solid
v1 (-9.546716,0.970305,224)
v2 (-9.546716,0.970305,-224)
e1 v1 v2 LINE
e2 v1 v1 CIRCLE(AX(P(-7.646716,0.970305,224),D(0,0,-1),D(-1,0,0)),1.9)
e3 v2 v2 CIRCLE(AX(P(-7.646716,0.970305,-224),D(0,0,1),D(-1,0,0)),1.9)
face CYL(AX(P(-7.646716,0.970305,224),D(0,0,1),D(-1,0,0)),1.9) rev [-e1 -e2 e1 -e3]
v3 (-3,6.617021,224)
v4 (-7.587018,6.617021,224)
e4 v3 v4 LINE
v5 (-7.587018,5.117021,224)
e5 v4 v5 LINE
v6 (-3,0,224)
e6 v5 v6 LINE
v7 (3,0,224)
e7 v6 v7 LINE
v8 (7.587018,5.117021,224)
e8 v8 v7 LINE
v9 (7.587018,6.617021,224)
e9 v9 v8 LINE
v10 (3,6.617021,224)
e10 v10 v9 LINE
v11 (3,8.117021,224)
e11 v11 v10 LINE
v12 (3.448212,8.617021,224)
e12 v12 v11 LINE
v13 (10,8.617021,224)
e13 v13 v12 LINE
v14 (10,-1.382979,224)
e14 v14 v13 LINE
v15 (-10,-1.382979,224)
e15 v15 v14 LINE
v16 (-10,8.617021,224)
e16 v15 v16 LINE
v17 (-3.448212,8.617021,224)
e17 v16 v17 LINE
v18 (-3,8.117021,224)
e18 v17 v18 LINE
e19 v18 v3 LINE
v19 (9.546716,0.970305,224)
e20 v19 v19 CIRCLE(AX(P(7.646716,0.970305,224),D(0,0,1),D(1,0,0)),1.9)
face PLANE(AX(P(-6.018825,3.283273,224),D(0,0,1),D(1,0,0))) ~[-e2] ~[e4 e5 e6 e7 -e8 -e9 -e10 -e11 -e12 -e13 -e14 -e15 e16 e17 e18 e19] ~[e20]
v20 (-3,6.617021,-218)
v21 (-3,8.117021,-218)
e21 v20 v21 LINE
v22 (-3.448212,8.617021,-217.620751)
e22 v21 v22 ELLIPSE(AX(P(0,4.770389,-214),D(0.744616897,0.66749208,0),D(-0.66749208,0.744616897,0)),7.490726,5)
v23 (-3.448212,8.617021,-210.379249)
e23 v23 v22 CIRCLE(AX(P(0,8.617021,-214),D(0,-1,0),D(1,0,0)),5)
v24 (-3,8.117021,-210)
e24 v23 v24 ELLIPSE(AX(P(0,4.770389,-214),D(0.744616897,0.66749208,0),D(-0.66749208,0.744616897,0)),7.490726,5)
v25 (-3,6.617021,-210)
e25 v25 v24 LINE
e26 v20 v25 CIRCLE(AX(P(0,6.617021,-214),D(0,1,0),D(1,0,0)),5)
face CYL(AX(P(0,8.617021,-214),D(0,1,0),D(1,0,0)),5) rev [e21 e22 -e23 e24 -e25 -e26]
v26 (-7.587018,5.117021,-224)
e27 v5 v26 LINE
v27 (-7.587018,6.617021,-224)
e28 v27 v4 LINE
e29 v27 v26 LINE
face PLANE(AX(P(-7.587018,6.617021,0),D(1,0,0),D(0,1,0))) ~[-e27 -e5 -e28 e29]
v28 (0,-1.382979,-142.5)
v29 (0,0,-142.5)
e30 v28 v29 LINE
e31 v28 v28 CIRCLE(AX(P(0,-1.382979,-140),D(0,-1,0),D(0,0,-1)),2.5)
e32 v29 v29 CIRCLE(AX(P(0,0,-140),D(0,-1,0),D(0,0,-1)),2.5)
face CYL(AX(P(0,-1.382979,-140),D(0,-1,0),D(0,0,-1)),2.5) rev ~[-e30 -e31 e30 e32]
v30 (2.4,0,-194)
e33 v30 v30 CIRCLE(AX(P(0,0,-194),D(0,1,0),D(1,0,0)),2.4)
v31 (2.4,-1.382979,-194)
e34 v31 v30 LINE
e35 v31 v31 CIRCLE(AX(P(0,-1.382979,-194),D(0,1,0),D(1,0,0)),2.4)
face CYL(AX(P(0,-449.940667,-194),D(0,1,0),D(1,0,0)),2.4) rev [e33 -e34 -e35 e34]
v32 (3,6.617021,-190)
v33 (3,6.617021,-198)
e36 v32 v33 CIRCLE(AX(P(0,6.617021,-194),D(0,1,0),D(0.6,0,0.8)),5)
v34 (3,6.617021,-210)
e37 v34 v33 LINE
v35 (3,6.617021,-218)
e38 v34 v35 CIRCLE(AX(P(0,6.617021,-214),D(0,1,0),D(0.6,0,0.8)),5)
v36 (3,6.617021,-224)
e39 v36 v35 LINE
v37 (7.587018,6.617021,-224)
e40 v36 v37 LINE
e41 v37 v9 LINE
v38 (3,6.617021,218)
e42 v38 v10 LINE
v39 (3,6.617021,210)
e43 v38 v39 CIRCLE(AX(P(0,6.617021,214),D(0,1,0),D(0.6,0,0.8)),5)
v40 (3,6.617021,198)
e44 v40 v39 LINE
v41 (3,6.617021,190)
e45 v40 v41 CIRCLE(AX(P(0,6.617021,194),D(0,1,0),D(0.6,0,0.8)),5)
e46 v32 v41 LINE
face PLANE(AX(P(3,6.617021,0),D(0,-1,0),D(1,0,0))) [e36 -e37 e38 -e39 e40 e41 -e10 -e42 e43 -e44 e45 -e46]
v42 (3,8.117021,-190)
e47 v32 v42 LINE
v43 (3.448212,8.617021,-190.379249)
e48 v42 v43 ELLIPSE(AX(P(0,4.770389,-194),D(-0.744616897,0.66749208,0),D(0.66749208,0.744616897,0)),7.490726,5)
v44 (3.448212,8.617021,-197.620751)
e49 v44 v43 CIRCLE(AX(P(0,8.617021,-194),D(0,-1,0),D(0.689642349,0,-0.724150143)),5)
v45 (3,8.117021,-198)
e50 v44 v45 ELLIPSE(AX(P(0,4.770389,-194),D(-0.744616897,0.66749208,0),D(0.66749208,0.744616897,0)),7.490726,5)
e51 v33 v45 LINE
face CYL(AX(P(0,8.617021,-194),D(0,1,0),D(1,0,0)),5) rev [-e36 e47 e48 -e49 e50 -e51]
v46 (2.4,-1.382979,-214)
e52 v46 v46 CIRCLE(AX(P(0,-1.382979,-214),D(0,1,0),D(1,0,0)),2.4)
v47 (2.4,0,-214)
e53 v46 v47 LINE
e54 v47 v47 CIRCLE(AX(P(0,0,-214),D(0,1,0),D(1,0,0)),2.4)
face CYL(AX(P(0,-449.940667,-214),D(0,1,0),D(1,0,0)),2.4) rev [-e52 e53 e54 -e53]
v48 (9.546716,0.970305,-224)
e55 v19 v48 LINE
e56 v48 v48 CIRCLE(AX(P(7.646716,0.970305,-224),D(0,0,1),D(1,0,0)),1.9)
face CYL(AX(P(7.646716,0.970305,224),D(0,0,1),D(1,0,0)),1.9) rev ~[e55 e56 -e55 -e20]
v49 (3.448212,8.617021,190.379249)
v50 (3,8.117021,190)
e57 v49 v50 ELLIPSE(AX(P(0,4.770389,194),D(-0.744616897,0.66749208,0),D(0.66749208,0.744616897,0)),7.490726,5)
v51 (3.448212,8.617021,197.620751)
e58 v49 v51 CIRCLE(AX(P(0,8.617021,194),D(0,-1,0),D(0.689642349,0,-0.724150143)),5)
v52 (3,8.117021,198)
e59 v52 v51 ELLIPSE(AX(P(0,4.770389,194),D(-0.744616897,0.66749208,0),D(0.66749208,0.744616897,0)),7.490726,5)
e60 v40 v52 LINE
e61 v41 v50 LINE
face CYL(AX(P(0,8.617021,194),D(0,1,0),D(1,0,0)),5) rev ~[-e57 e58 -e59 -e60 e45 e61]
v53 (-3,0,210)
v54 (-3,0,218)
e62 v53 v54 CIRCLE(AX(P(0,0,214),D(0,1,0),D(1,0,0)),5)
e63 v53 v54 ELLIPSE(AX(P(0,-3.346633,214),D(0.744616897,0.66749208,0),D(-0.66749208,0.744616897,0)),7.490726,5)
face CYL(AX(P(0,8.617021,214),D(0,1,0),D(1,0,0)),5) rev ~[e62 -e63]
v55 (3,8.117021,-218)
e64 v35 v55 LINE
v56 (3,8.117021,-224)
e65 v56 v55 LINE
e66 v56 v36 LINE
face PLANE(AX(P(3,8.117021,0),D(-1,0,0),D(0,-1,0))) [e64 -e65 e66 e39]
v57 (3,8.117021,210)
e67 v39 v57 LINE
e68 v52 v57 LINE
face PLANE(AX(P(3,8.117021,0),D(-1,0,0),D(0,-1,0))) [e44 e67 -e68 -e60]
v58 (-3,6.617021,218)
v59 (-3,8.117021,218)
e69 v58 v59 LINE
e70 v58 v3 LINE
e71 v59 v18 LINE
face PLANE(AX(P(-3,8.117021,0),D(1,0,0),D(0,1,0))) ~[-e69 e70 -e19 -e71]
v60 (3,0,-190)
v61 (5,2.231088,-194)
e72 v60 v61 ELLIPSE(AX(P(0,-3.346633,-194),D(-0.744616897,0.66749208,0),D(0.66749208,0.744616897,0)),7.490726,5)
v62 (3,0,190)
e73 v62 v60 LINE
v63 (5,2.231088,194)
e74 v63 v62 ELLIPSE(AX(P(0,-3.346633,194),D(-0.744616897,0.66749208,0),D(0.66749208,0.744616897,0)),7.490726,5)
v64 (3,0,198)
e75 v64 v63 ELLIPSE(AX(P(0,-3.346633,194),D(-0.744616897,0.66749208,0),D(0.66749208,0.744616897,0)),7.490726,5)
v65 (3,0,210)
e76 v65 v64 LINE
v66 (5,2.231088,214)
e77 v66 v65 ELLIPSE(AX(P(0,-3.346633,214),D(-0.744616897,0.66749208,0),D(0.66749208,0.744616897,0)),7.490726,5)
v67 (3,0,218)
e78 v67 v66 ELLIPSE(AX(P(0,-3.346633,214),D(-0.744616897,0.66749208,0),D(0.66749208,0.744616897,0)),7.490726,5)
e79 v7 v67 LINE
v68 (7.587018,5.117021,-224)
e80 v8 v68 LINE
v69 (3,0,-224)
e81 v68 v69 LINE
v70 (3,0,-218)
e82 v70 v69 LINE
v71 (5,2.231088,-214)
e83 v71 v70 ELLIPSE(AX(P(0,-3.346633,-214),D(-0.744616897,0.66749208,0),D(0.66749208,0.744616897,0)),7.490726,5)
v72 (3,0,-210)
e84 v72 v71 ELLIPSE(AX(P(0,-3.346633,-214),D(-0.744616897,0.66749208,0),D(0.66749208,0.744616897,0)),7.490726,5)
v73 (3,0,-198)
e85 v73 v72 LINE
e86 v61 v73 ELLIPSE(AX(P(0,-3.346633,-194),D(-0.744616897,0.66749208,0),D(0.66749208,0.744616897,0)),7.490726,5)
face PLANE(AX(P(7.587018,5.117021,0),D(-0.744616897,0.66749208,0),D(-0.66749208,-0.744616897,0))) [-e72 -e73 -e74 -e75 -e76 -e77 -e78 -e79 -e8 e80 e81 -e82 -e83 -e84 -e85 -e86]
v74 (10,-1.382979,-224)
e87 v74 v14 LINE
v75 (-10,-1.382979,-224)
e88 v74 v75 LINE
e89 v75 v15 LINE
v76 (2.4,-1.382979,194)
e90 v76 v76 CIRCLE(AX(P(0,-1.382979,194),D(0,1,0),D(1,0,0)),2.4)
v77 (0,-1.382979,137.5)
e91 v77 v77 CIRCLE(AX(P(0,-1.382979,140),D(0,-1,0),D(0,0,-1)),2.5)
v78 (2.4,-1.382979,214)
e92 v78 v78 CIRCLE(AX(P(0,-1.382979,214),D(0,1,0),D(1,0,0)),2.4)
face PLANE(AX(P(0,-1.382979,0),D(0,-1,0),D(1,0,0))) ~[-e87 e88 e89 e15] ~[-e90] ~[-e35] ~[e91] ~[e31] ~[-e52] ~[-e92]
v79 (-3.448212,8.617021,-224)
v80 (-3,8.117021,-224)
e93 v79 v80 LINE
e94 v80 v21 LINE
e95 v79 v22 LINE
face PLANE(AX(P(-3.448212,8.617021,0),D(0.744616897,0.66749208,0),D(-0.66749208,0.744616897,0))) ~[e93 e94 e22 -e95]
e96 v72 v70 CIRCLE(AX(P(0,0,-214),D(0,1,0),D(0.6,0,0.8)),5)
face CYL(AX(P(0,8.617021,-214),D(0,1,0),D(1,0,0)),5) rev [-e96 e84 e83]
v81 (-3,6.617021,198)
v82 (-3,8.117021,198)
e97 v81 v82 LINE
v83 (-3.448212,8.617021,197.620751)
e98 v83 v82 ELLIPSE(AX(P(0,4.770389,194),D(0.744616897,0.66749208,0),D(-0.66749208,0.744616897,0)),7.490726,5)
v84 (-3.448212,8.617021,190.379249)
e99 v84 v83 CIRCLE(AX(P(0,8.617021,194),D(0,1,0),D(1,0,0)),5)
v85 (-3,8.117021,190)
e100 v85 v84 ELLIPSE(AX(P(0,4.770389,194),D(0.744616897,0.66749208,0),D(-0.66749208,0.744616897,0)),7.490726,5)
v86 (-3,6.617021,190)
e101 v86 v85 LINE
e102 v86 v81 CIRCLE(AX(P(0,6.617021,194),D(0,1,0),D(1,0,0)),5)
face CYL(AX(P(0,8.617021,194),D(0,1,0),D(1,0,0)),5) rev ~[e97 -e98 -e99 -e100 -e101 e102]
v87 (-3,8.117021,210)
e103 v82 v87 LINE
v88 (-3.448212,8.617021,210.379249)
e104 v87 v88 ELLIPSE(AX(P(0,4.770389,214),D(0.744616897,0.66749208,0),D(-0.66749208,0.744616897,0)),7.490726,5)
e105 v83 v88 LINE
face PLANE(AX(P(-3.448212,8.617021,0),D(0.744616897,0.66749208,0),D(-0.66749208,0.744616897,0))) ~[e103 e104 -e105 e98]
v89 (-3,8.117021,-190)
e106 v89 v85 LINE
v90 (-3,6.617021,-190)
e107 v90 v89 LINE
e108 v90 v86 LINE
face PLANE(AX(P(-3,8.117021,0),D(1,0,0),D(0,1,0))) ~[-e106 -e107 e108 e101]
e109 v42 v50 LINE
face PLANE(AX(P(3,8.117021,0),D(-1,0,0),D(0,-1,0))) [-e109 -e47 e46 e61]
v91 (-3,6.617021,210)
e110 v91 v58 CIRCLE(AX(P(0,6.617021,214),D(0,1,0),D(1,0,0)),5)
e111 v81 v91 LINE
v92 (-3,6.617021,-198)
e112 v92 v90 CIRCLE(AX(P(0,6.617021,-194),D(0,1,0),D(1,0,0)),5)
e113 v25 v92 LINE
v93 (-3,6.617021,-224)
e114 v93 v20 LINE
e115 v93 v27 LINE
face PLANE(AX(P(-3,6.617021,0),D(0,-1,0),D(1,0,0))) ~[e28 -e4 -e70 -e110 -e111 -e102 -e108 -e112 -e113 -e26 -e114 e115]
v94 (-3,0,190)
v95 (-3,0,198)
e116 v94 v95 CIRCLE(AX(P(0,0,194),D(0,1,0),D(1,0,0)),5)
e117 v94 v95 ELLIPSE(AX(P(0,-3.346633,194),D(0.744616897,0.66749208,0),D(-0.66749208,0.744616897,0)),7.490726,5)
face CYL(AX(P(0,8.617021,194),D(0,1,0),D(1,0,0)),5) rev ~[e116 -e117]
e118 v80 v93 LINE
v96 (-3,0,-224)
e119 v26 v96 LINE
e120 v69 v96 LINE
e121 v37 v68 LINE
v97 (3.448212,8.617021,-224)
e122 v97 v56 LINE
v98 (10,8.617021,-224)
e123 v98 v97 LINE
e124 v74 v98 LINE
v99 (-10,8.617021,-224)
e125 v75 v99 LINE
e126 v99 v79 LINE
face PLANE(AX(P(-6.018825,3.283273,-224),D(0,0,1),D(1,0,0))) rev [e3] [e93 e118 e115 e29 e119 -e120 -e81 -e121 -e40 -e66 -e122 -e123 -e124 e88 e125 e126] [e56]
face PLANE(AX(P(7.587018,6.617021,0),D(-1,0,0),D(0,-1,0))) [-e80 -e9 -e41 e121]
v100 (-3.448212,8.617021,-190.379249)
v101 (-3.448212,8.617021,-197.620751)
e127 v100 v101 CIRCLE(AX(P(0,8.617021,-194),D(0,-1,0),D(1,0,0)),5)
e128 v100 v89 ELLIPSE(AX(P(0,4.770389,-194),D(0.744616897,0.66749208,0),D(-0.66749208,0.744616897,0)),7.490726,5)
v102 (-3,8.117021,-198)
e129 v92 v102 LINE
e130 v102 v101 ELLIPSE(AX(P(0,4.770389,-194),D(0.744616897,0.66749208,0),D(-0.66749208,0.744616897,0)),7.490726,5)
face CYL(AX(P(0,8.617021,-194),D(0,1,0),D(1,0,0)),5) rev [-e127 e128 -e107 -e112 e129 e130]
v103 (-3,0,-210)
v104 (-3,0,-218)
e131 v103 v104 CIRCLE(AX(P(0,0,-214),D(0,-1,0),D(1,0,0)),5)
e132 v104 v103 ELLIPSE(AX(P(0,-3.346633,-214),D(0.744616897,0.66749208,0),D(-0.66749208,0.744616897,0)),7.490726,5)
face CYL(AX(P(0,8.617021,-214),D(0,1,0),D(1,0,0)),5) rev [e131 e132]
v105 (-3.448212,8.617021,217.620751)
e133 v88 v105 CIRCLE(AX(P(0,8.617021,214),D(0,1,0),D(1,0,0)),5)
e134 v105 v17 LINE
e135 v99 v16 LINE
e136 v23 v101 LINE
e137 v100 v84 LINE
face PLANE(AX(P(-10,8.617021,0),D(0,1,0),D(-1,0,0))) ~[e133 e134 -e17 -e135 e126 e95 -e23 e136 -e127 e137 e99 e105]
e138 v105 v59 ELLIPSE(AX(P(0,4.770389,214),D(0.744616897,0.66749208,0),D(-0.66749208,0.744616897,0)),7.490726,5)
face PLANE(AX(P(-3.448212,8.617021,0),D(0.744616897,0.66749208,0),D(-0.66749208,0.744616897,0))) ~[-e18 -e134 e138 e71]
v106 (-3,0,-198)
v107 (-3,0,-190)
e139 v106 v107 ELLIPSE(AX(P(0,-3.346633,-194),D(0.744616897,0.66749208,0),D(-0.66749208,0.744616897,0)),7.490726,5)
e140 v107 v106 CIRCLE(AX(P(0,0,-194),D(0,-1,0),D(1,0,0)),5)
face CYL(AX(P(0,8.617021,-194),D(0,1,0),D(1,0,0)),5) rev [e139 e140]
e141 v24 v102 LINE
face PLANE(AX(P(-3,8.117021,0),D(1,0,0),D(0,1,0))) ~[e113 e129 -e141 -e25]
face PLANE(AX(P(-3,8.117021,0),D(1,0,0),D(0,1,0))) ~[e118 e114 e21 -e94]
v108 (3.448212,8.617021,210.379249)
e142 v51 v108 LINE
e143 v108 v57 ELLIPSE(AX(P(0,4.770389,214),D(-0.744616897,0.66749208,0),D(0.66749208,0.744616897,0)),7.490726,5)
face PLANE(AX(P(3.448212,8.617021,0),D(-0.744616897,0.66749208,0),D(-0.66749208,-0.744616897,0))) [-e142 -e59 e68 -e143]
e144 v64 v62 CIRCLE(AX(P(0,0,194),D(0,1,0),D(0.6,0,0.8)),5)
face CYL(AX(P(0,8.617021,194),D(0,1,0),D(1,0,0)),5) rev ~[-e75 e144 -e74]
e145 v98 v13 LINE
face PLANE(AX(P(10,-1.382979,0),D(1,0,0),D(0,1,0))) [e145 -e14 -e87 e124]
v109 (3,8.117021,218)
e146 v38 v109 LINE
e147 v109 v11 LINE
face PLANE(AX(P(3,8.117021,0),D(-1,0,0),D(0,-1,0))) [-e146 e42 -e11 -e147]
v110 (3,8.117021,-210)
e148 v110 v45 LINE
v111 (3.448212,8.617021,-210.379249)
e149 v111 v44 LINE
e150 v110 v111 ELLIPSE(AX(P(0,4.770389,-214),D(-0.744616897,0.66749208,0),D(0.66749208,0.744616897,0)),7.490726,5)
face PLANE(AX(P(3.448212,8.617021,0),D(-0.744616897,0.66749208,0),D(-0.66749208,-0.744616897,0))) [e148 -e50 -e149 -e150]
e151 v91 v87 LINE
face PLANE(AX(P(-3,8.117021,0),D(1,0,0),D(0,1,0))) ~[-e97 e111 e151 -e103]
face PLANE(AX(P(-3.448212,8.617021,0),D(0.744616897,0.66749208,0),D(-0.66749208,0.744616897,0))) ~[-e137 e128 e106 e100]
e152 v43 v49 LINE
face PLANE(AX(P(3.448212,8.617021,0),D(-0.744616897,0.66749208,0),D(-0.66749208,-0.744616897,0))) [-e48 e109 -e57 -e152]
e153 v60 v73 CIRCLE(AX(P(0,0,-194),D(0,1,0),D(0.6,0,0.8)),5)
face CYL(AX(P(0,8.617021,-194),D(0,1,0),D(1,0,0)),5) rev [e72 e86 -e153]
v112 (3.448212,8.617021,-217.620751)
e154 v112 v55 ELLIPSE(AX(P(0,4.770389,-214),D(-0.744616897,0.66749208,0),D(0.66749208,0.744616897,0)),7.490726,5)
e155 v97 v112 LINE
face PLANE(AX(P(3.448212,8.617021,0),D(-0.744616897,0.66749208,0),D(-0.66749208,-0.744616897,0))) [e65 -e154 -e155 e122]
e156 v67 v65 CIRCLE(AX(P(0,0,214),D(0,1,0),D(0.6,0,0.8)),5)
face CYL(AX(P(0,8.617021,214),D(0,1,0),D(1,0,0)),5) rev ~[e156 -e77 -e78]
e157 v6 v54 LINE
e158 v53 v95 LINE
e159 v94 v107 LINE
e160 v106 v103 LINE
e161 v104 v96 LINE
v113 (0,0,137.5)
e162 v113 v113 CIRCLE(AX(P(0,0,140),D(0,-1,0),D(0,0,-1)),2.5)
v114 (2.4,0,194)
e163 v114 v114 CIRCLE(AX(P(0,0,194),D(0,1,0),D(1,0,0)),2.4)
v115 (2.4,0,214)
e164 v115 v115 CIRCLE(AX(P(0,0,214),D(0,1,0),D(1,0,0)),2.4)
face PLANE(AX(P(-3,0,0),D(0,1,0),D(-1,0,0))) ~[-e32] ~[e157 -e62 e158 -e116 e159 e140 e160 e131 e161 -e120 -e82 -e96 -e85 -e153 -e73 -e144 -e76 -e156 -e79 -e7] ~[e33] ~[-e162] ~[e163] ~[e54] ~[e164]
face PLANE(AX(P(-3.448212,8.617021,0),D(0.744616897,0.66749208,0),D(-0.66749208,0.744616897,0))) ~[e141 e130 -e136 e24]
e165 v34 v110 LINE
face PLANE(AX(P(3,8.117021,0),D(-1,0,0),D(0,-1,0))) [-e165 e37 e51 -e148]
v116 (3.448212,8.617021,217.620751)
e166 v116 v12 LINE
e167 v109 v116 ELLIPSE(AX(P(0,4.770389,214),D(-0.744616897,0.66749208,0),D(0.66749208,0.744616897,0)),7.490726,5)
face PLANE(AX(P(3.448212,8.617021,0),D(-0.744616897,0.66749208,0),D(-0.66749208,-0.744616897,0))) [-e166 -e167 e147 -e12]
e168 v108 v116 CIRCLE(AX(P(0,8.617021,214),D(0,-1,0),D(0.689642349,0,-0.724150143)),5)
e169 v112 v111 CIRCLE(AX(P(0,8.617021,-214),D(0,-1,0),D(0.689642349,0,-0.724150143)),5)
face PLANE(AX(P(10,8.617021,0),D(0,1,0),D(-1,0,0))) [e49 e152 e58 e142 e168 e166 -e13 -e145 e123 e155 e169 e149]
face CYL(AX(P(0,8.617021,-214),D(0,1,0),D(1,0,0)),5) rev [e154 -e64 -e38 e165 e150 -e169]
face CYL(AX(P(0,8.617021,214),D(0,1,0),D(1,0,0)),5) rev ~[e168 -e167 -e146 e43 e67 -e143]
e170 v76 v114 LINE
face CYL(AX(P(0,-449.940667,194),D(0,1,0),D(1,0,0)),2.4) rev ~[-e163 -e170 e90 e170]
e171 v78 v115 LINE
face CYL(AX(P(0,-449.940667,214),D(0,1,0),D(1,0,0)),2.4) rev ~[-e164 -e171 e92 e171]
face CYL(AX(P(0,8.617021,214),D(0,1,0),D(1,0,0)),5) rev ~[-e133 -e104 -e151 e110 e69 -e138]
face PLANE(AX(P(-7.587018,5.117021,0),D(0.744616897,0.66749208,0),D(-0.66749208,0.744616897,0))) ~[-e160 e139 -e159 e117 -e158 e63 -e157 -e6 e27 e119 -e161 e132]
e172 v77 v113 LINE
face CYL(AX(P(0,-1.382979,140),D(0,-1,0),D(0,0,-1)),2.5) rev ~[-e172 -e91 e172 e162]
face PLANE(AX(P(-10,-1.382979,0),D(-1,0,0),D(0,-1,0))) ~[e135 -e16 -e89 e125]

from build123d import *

# Parameters (mm, degrees)
BOSS_EXTRUDE1_DEPTH  = 224
SKETCH2_R            = 1.9
CUT_EXTRUDE1_DEPTH   = 449.194436663
SKETCH3_R            = 2.5
CUT_EXTRUDE2_DEPTH   = 225.445984593
M4_CLEARANCE_HOLE1_D = 4.8
CUT_EXTRUDE3_REACH   = 226.446
SKETCH6_R            = 5


with BuildPart() as part:
    # Sketch1 → Boss-Extrude1 (new, symmetric)
    with BuildSketch(Plane.XY):
        Polygon((0, 0), (0, -1.382978723), (10, -1.382978723), (10, 8.617021277), (3.448211747, 8.617021277), (3, 8.117021277), (3, 6.617021277), (7.587018089, 6.617021277), (7.587018089, 5.117021277), (3, 0), align=None)
    boss_extrude1 = extrude(amount=BOSS_EXTRUDE1_DEPTH, both=True)

    # Mirror1: Boss-Extrude1 across plane
    add(boss_extrude1.mirror(Plane(origin=(0, 0, 0), x_dir=(0, 0, 1), z_dir=(1, 0, 0))))

    # Sketch2 → Cut-Extrude1 (cut, through all)
    with BuildSketch(Plane.XY.offset(224)):
        with Locations((7.646716257, 0.97030502)):
            Circle(SKETCH2_R)
    cut_extrude1 = extrude(amount=-CUT_EXTRUDE1_DEPTH, mode=Mode.SUBTRACT)

    # Mirror2: Cut-Extrude1 across plane
    add(cut_extrude1.mirror(Plane(origin=(0, 0, 0), x_dir=(0, 0, 1), z_dir=(1, 0, 0))), mode=Mode.SUBTRACT)

    # Sketch3 → Cut-Extrude2 (cut, through all)
    with BuildSketch(Plane.XZ.offset(1.382978723)):
        with Locations(Location((0, 140, 0), (0, 0, 270))):
            Circle(SKETCH3_R)
        with Locations(Location((0, -140, 0), (0, 0, 270))):
            Circle(SKETCH3_R)
    extrude(amount=-CUT_EXTRUDE2_DEPTH, mode=Mode.SUBTRACT)

    # M4 Clearance Hole1 (through all)
    with Locations(Plane(origin=(0, -1.382978723, 0), x_dir=(-1, 0, 0), z_dir=(0, -1, 0))):
        with Locations((0, -214), (0, -194)):
            m4_clearance_hole1 = Hole(M4_CLEARANCE_HOLE1_D / 2)

    # Mirror3: M4 Clearance Hole1 across plane
    add(m4_clearance_hole1.mirror(Plane.XY), mode=Mode.SUBTRACT)

    # Cut-Extrude3: up to this face of the body (flat: up to its plane)
    cut_extrude3_end = Plane(part.part.faces().sort_by_distance((0, 0, 0))[0])
    # Sketch6 → Cut-Extrude3 (cut, up to the picked face)
    with BuildSketch(Plane(origin=(0, 8.617021277, 0), x_dir=(1, 0, 0), z_dir=(0, 1, 0)), mode=Mode.PRIVATE) as cut_extrude3_sk1:
        with Locations((0, -214)):
            Circle(SKETCH6_R)
    cut_extrude3_tool1 = split(extrude(cut_extrude3_sk1.sketch, amount=-CUT_EXTRUDE3_REACH, mode=Mode.PRIVATE), bisect_by=cut_extrude3_end, keep=Keep.BOTH, mode=Mode.PRIVATE)
    # Sketch6 → Cut-Extrude3 (cut, up to the picked face)
    with BuildSketch(Plane(origin=(0, 8.617021277, 0), x_dir=(1, 0, 0), z_dir=(0, 1, 0)), mode=Mode.PRIVATE) as cut_extrude3_sk2:
        with Locations((0, -194)):
            Circle(SKETCH6_R)
    cut_extrude3_tool2 = split(extrude(cut_extrude3_sk2.sketch, amount=-CUT_EXTRUDE3_REACH, mode=Mode.PRIVATE), bisect_by=cut_extrude3_end, keep=Keep.BOTH, mode=Mode.PRIVATE)
    cut_extrude3_1 = cut_extrude3_tool1.solids().sort_by(Axis((0, 8.617021, 214), (0, -1, 0)))[0]
    add(cut_extrude3_1, mode=Mode.SUBTRACT)
    cut_extrude3_2 = cut_extrude3_tool2.solids().sort_by(Axis((0, 8.617021, 194), (0, -1, 0)))[0]
    add(cut_extrude3_2, mode=Mode.SUBTRACT)
    cut_extrude3 = cut_extrude3_1 + cut_extrude3_2  # Cut-Extrude3 as one shape, for the pattern or mirror that repeats it

    # Mirror4: Cut-Extrude3 across plane
    add(cut_extrude3.mirror(Plane.XY), mode=Mode.SUBTRACT)


solid = part.part
